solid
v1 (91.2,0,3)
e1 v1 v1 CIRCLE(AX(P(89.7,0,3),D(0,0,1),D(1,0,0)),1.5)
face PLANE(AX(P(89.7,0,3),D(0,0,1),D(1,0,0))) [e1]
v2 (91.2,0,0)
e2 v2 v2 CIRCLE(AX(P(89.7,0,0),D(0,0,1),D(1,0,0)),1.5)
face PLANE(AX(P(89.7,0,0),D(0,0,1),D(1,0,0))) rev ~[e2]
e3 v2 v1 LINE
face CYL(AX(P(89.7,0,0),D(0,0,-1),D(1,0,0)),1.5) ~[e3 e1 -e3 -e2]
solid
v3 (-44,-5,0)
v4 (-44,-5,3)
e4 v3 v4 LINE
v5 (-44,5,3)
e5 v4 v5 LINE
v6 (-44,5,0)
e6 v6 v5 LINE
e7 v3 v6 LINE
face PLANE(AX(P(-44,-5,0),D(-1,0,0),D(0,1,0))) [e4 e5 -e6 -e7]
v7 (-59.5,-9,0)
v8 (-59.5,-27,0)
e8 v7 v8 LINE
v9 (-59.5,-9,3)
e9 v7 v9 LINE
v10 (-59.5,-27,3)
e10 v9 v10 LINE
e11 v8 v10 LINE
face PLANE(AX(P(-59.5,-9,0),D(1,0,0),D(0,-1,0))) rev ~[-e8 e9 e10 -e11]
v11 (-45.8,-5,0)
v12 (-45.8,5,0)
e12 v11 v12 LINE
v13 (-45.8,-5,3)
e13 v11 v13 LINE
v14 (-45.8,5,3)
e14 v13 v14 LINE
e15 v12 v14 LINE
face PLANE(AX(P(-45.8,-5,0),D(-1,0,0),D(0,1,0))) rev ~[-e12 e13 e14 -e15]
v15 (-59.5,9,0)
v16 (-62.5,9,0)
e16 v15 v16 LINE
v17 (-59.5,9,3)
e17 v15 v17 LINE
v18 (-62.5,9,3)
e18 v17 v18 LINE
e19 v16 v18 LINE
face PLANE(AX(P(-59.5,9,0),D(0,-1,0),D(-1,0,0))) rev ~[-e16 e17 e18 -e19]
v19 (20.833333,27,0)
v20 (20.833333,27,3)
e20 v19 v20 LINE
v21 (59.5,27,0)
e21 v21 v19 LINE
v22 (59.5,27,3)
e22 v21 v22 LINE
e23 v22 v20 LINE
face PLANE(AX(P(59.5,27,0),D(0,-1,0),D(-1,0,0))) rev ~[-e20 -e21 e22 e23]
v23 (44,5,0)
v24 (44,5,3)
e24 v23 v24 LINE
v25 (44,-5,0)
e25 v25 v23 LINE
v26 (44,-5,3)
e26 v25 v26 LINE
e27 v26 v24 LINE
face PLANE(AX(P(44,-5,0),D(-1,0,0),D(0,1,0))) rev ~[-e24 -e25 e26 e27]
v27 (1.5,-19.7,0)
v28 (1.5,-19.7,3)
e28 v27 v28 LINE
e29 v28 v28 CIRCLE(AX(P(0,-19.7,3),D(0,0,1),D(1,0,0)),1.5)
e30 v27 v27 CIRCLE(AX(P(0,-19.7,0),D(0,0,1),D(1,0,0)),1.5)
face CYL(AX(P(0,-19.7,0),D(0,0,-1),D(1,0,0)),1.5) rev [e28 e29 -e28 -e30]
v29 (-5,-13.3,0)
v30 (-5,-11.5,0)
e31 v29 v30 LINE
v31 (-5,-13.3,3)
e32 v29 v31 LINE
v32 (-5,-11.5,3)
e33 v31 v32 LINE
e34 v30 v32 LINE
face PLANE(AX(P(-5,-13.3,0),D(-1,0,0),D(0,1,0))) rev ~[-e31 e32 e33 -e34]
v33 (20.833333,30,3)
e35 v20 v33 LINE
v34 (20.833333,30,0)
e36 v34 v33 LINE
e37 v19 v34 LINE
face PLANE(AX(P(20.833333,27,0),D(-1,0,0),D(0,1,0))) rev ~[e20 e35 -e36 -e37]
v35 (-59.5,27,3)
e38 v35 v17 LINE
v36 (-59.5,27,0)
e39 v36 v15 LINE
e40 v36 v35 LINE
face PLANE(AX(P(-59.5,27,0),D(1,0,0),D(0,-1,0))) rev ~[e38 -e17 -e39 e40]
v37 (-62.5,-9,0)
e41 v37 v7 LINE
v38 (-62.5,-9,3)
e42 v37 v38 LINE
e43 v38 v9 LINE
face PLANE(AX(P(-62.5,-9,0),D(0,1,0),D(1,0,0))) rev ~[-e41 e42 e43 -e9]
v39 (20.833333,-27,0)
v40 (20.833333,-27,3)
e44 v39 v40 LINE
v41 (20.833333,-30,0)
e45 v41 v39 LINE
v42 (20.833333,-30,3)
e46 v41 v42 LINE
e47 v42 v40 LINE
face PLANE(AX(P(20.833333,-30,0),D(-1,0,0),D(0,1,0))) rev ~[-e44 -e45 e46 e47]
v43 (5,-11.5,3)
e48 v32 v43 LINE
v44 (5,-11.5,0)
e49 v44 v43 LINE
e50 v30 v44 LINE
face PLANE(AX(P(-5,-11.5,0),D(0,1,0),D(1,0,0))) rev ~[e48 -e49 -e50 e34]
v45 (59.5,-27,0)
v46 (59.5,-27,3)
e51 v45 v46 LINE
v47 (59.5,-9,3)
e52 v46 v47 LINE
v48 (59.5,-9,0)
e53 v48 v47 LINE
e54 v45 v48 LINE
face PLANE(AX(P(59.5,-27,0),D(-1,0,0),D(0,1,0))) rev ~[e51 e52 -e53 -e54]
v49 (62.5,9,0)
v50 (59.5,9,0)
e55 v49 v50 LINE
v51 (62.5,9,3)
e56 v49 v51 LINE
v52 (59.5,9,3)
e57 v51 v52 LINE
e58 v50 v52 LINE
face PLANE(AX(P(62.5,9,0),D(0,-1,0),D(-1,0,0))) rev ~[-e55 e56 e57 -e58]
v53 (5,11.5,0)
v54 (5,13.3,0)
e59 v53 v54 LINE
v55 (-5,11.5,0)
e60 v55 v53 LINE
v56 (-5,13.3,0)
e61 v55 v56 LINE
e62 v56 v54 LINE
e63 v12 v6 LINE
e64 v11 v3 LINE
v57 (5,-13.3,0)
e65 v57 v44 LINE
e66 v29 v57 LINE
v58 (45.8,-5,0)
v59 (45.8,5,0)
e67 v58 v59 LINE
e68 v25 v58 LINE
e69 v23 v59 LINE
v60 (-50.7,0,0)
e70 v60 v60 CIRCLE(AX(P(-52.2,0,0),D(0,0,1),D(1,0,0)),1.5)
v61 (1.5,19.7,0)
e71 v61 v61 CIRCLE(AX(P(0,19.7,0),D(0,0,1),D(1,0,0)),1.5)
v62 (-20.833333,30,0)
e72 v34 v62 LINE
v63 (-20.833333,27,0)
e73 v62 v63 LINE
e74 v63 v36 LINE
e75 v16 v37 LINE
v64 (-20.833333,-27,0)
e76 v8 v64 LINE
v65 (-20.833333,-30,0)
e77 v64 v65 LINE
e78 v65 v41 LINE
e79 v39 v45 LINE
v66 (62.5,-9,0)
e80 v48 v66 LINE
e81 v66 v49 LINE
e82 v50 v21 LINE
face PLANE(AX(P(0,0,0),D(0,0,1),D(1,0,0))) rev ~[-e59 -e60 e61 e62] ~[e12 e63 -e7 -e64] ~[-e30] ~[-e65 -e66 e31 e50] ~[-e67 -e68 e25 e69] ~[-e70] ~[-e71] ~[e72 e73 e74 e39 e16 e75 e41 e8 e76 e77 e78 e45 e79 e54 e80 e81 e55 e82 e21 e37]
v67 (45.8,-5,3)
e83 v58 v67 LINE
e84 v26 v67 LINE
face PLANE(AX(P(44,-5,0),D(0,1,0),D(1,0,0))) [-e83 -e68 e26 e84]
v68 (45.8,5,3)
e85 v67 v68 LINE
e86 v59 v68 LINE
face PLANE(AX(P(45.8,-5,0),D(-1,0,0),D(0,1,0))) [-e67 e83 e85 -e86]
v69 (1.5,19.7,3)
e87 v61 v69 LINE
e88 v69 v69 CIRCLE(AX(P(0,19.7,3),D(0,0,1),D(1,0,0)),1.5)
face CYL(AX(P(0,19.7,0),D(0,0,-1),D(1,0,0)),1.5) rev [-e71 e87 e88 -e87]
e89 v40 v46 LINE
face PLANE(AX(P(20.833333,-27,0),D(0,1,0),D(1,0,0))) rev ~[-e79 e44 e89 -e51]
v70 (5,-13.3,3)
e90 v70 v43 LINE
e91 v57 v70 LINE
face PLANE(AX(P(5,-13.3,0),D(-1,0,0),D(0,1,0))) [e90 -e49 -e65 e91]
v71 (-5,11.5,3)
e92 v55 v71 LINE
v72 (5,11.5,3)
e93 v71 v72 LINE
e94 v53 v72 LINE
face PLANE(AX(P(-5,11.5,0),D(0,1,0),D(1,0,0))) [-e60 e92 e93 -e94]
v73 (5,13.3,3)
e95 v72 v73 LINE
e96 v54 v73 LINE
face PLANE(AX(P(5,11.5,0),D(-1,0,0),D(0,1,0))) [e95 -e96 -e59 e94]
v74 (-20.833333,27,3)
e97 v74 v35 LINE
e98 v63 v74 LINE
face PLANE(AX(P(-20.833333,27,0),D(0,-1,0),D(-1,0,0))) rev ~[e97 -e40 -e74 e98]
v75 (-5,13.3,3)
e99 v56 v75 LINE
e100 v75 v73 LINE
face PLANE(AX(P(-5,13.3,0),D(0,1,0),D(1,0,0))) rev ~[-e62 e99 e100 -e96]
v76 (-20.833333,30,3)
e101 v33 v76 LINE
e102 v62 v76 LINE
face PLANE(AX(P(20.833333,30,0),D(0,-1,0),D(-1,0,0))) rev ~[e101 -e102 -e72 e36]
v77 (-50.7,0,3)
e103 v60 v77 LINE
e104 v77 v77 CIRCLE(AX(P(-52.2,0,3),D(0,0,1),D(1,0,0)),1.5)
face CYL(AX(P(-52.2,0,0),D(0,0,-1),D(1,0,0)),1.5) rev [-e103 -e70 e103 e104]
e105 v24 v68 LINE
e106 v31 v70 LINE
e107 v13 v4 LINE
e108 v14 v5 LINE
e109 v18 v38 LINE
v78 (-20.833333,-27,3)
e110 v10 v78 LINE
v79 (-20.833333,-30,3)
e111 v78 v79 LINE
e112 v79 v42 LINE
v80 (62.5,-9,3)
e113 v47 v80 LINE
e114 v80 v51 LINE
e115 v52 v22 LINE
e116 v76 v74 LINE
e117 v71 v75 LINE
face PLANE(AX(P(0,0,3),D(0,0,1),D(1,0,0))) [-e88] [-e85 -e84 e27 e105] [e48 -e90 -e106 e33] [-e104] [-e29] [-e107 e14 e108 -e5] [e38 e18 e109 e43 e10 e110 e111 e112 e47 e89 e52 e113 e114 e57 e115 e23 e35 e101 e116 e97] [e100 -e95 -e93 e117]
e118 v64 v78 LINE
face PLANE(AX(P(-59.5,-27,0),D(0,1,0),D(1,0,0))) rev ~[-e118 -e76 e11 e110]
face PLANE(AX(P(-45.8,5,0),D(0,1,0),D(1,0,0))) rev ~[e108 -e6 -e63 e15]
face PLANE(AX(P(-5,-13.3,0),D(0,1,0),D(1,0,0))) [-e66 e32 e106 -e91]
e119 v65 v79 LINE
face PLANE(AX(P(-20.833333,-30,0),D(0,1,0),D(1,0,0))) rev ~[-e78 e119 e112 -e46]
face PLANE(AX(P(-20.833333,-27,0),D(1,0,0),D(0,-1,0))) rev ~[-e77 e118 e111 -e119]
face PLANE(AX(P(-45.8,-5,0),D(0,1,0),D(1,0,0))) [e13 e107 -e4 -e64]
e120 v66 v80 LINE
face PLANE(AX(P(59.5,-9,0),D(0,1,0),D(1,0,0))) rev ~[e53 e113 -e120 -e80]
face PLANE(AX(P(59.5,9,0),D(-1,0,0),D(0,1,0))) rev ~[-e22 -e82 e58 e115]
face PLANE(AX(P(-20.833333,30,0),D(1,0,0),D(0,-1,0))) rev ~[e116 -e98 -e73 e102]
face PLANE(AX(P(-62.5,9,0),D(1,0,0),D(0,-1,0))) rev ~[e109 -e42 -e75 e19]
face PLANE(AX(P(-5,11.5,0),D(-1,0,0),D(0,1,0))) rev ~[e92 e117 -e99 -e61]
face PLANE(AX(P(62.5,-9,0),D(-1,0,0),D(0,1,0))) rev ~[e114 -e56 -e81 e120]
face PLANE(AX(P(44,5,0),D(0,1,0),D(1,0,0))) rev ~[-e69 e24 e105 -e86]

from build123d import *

# Parameters (mm, degrees)
F0_R     = 1.5
F0_W     = 10
F0_H     = 1.8
F0_W_2   = 1.8
F0_H_2   = 10
F1_DEPTH = 3


with BuildPart() as f1:
    # F0 (on Top) → F1 (new body)
    with BuildSketch(Plane.XY):
        Polygon((-20.833333, 27), (-59.5, 27), (-59.5, 9), (-62.5, 9), (-62.5, -9), (-59.5, -9), (-59.5, -27), (-20.833333, -27), (-20.833333, -30), (20.833333, -30), (20.833333, -27), (59.5, -27), (59.5, -9), (62.5, -9), (62.5, 9), (59.5, 9), (59.5, 27), (20.833333, 27), (20.833333, 30), (-20.833333, 30), align=None)
        with Locations((0, -19.7)):
            Circle(F0_R, mode=Mode.SUBTRACT)
        with Locations((0, -12.4)):
            Rectangle(F0_W, F0_H, mode=Mode.SUBTRACT)
        with Locations((-52.2, 0)):
            Circle(F0_R, mode=Mode.SUBTRACT)
        with Locations((-44.9, 0)):
            Rectangle(F0_W_2, F0_H_2, mode=Mode.SUBTRACT)
        with Locations((0, 12.4)):
            Rectangle(F0_W, F0_H, mode=Mode.SUBTRACT)
        with Locations((0, 19.7)):
            Circle(F0_R, mode=Mode.SUBTRACT)
        with Locations((44.9, 0)):
            Rectangle(F0_W_2, F0_H_2, mode=Mode.SUBTRACT)
        with Locations((89.7, 0)):
            Circle(F0_R)
    extrude(amount=F1_DEPTH)


solid = f1.part
